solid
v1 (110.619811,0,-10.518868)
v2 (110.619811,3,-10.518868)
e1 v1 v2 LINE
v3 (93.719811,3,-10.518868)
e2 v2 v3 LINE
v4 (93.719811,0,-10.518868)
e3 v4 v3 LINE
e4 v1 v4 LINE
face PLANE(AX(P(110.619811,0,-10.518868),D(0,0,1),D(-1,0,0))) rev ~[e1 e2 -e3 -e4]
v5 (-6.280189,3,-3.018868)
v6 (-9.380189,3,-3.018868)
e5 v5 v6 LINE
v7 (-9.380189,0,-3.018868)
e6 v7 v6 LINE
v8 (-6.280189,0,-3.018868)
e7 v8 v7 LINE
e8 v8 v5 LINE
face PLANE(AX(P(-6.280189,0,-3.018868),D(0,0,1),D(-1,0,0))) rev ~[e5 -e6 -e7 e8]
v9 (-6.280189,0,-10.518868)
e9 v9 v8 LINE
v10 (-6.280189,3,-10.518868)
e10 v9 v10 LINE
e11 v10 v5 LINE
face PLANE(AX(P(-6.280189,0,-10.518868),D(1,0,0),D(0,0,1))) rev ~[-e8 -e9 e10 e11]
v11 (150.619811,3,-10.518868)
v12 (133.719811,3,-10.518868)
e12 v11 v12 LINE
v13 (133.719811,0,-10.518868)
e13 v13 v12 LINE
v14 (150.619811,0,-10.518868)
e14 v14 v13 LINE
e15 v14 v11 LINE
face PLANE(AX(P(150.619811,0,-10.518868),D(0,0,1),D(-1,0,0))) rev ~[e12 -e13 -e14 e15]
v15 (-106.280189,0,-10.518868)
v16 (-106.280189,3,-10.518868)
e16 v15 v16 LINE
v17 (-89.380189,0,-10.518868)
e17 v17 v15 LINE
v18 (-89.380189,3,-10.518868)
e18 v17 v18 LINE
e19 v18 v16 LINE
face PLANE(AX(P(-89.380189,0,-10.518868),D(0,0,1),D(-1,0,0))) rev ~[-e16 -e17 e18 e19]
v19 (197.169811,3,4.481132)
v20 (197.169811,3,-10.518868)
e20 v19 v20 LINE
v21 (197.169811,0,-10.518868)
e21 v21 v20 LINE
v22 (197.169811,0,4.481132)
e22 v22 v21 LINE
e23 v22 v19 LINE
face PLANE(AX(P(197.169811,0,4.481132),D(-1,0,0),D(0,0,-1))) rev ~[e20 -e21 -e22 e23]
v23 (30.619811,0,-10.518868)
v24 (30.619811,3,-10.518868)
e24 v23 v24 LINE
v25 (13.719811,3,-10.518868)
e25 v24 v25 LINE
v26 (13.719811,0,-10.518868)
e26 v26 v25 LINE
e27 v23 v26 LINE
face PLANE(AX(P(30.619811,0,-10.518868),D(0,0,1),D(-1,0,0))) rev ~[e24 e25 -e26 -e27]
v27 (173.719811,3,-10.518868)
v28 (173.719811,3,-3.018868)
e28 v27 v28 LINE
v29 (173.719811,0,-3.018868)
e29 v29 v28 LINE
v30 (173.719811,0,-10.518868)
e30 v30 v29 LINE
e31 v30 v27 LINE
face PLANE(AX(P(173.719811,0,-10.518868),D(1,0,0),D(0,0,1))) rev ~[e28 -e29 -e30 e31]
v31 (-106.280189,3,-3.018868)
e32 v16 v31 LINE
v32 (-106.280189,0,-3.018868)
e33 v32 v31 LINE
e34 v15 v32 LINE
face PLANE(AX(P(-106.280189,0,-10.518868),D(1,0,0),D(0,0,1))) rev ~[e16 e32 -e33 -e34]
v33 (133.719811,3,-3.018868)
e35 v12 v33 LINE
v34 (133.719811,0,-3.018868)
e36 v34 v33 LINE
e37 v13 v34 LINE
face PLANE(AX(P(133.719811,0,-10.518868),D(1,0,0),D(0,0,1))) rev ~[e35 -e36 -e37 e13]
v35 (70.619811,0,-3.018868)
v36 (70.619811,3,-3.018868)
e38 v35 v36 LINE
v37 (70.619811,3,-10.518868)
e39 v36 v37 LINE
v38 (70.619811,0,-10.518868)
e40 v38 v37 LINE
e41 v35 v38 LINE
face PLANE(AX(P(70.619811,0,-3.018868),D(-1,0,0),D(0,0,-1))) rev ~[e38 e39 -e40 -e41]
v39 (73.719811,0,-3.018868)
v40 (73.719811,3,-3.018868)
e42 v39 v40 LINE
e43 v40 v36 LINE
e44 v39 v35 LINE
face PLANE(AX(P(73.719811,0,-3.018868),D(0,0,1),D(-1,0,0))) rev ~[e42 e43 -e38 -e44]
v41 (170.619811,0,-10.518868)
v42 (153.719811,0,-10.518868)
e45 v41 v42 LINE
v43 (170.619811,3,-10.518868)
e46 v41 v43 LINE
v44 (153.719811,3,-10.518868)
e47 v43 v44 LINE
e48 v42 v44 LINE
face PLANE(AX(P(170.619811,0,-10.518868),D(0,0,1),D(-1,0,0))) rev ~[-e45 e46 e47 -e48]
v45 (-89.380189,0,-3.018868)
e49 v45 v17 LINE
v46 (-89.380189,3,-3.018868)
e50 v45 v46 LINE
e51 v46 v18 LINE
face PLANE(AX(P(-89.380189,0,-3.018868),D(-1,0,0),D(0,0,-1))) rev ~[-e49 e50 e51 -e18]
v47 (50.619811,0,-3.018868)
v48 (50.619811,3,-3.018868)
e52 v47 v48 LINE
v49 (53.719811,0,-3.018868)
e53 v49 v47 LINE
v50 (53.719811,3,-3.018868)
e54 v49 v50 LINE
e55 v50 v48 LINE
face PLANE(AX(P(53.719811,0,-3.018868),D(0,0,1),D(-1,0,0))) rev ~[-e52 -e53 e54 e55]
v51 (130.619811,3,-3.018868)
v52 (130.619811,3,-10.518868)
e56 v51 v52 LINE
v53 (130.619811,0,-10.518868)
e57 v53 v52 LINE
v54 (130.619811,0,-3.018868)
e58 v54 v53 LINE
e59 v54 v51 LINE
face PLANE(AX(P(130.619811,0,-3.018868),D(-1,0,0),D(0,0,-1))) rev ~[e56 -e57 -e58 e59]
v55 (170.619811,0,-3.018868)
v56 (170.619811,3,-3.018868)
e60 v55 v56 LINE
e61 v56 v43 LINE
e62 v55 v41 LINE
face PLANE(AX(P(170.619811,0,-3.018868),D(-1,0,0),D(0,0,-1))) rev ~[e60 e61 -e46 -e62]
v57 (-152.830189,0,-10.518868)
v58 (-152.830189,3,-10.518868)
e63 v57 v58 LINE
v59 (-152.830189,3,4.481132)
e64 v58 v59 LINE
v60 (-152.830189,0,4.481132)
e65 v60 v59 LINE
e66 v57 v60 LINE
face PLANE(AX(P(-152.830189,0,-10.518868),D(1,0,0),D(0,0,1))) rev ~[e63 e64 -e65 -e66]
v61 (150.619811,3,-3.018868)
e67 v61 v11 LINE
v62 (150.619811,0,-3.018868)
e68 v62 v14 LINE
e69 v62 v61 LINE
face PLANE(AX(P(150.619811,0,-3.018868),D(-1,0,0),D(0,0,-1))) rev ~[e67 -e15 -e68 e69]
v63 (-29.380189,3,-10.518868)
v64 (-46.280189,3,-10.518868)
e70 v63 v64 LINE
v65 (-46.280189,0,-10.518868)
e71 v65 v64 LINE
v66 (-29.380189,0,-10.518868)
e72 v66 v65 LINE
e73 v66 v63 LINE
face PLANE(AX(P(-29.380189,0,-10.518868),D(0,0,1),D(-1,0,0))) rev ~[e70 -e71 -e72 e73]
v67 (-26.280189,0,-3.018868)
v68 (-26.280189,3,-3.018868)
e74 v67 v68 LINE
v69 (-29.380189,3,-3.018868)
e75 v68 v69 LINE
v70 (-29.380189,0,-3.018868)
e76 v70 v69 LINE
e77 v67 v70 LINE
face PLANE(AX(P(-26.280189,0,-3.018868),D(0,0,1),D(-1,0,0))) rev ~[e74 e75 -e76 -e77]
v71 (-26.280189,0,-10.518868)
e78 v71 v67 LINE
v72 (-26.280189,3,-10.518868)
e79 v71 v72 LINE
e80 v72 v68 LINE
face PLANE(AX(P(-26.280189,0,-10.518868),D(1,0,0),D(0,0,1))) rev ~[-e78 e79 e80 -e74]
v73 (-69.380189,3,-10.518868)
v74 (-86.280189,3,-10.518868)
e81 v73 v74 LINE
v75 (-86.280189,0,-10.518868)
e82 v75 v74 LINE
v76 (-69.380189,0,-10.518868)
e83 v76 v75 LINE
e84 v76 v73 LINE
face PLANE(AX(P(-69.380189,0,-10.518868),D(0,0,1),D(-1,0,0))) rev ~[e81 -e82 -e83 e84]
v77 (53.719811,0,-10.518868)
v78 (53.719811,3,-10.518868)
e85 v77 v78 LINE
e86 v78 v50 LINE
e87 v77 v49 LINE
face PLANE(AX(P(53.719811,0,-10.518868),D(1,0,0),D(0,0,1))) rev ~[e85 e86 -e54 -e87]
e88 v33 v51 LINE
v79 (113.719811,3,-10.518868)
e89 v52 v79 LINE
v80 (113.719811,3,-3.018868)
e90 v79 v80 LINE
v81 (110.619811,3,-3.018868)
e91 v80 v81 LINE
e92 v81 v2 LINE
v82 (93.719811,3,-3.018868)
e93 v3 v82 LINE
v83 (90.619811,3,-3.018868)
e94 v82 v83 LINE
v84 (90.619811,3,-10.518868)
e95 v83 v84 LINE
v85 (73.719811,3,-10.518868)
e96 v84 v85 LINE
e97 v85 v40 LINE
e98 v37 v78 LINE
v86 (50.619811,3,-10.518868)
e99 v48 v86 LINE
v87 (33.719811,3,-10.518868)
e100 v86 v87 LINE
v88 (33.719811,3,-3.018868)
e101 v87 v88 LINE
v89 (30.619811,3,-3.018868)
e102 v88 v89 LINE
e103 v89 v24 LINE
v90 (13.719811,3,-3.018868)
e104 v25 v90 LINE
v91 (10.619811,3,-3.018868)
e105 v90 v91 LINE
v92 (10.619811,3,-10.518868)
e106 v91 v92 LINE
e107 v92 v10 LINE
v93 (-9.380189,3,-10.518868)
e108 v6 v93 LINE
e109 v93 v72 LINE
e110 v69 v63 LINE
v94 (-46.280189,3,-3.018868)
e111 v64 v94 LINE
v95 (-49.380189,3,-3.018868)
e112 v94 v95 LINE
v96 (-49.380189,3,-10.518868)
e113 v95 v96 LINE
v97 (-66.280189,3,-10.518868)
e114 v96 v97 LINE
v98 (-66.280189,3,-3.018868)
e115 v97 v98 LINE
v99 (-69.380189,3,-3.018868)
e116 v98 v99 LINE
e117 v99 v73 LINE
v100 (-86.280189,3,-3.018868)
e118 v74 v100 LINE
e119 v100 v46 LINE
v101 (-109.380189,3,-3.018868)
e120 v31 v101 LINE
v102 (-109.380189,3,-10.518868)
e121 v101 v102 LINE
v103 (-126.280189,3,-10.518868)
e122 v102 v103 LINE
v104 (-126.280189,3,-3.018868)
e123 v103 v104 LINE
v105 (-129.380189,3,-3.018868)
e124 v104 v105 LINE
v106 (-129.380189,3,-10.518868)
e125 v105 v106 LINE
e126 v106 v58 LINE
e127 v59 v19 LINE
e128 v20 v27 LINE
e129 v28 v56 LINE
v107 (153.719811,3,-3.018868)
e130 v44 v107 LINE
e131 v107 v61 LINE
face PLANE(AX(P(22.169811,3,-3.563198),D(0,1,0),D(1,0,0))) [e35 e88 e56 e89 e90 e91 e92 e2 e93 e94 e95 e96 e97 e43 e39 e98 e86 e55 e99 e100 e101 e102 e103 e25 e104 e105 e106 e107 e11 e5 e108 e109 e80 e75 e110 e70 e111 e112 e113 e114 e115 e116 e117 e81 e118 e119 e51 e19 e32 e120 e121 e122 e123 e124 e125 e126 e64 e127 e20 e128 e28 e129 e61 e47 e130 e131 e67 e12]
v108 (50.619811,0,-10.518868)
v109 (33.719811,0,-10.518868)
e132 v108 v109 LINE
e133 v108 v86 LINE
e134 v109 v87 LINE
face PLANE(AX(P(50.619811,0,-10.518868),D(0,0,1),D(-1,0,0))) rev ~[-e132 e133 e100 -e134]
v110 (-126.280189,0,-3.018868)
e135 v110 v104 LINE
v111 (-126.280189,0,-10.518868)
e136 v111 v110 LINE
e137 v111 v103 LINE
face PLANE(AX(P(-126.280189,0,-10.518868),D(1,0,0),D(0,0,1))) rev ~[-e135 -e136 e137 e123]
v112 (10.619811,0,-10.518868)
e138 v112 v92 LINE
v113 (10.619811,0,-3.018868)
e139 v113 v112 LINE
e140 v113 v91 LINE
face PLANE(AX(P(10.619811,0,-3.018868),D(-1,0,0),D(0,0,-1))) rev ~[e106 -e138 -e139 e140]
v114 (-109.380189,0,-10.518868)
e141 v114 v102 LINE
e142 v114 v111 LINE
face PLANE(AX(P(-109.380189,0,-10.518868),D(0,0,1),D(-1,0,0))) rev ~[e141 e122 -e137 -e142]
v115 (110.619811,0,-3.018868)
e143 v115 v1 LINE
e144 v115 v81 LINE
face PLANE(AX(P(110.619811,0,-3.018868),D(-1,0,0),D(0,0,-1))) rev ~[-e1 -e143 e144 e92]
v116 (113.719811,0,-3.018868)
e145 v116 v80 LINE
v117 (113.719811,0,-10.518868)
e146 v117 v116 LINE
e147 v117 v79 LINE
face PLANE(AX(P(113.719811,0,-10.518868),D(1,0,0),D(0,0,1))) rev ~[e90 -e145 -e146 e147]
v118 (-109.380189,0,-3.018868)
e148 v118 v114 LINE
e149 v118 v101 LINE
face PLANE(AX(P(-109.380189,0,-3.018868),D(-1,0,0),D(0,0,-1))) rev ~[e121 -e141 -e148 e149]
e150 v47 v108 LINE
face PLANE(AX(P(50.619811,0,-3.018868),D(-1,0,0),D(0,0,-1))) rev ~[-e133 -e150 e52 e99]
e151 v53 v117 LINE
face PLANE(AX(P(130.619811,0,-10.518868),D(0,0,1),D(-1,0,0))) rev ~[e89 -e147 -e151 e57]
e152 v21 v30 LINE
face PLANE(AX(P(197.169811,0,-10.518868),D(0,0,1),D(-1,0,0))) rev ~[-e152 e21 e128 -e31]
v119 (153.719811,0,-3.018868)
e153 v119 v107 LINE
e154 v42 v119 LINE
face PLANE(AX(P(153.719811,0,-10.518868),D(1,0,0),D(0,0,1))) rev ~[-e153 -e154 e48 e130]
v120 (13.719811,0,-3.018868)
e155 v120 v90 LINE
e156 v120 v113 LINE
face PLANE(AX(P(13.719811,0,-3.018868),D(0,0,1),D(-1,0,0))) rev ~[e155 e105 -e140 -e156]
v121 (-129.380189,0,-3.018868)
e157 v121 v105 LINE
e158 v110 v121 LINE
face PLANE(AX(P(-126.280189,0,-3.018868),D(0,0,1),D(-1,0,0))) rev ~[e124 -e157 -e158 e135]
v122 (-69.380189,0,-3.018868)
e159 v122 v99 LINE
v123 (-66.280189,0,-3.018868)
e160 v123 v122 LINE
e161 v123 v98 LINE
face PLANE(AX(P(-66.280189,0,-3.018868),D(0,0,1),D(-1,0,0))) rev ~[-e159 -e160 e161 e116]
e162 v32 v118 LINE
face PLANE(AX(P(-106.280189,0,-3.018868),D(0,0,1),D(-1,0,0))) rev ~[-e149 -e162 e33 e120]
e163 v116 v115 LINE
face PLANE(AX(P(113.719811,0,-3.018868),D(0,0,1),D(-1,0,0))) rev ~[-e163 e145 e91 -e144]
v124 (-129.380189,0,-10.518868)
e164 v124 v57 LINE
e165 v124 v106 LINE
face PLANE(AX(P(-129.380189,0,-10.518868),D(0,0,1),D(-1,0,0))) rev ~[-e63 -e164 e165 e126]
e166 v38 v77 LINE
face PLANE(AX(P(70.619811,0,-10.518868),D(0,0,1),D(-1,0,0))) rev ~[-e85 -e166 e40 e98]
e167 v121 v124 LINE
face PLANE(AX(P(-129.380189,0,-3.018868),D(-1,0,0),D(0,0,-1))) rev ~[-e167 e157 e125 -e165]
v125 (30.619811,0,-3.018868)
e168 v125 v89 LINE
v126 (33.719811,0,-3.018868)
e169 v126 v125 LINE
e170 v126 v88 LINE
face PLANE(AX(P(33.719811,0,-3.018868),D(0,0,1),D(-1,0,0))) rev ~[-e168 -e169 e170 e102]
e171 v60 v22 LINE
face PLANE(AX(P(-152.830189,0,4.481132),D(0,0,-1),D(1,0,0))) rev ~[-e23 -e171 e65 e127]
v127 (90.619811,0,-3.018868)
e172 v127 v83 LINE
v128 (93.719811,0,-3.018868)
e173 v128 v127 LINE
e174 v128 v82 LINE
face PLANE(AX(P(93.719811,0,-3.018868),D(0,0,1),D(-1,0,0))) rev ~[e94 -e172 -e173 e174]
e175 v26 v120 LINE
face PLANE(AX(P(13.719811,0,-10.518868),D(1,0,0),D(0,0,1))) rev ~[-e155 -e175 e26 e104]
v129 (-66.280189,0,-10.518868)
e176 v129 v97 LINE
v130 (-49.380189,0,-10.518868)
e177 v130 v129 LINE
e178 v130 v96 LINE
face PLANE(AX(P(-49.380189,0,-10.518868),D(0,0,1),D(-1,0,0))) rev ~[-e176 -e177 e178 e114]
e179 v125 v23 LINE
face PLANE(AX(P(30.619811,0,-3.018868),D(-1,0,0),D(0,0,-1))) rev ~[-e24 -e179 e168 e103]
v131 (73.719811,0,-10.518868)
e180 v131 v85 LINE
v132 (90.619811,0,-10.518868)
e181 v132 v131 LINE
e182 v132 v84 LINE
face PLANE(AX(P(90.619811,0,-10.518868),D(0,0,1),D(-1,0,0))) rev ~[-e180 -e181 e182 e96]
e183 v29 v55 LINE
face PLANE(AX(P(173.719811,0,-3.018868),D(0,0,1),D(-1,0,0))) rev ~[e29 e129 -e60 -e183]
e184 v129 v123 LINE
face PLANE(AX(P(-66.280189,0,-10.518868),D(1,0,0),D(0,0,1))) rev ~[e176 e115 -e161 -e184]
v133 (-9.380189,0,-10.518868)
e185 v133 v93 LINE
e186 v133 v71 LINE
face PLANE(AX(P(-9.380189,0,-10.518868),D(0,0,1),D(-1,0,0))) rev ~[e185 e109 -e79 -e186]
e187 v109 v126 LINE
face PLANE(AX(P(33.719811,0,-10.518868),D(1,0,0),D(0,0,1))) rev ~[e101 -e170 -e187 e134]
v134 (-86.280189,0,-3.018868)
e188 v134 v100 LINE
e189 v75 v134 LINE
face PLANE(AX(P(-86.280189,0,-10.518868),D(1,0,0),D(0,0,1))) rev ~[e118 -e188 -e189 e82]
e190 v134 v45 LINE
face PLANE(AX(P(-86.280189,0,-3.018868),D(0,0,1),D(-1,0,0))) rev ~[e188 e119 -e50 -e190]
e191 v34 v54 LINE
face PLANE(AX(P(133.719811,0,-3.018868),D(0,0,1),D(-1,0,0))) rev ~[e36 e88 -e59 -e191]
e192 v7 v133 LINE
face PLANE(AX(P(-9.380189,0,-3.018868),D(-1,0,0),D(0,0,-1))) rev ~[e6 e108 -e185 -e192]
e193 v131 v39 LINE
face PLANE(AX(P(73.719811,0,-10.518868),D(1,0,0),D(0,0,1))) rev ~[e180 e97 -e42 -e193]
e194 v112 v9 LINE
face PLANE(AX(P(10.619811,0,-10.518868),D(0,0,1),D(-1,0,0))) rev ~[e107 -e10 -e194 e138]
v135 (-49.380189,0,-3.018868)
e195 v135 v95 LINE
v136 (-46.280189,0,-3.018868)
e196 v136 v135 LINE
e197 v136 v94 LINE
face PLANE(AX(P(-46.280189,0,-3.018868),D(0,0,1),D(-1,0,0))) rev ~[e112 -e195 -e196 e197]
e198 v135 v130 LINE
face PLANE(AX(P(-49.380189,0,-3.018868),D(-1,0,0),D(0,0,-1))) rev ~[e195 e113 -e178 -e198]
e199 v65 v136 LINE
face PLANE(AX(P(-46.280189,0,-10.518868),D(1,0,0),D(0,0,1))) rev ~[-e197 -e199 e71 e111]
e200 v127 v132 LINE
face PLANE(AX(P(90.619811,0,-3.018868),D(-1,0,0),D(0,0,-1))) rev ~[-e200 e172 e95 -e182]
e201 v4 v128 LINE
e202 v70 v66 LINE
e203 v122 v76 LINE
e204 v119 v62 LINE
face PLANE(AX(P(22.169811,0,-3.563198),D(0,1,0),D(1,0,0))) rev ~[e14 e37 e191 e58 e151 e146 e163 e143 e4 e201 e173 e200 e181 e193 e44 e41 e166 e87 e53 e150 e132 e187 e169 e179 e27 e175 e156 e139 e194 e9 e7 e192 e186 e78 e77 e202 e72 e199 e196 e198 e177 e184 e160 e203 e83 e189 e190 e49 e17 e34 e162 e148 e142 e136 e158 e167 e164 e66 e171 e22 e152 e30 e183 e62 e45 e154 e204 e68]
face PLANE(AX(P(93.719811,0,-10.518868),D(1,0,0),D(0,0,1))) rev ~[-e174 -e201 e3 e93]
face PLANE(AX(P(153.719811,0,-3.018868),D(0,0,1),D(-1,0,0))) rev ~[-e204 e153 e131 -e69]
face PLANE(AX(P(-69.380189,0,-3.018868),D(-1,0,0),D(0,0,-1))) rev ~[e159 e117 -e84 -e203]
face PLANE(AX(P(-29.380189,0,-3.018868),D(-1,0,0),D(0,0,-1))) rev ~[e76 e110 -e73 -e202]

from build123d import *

# Parameters (mm, degrees)
AUFSATZ_LINEAR_AUSTRAGEN1_DEPTH = 3


with BuildPart() as part:
    # Skizze1 → Aufsatz-Linear austragen1 (new body)
    with BuildSketch(Plane(origin=(0, 0, 0), x_dir=(1, 0, 0), z_dir=(0, 1, 0))):
        Polygon((-109.380188679, 3.018867925), (-109.380188679, 10.518867925), (-126.280188679, 10.518867925), (-126.280188679, 3.018867925), (-129.380188679, 3.018867925), (-129.380188679, 10.518867925), (-152.830188679, 10.518867925), (-152.830188679, -4.481132075), (197.169811321, -4.481132075), (197.169811321, 10.518867925), (173.719811321, 10.518867925), (173.719811321, 3.018867925), (170.619811321, 3.018867925), (170.619811321, 10.518867925), (153.719811321, 10.518867925), (153.719811321, 3.018867925), (150.619811321, 3.018867925), (150.619811321, 10.518867925), (133.719811321, 10.518867925), (133.719811321, 3.018867925), (130.619811321, 3.018867925), (130.619811321, 10.518867925), (113.719811321, 10.518867925), (113.719811321, 3.018867925), (110.619811321, 3.018867925), (110.619811321, 10.518867925), (93.719811321, 10.518867925), (93.719811321, 3.018867925), (90.619811321, 3.018867925), (90.619811321, 10.518867925), (73.719811321, 10.518867925), (73.719811321, 3.018867925), (70.619811321, 3.018867925), (70.619811321, 10.518867925), (53.719811321, 10.518867925), (53.719811321, 3.018867925), (50.619811321, 3.018867925), (50.619811321, 10.518867925), (33.719811321, 10.518867925), (33.719811321, 3.018867925), (30.619811321, 3.018867925), (30.619811321, 10.518867925), (13.719811321, 10.518867925), (13.719811321, 3.018867925), (10.619811321, 3.018867925), (10.619811321, 10.518867925), (-6.280188679, 10.518867925), (-6.280188679, 3.018867925), (-9.380188679, 3.018867925), (-9.380188679, 10.518867925), (-26.280188679, 10.518867925), (-26.280188679, 3.018867925), (-29.380188679, 3.018867925), (-29.380188679, 10.518867925), (-46.280188679, 10.518867925), (-46.280188679, 3.018867925), (-49.380188679, 3.018867925), (-49.380188679, 10.518867925), (-66.280188679, 10.518867925), (-66.280188679, 3.018867925), (-69.380188679, 3.018867925), (-69.380188679, 10.518867925), (-86.280188679, 10.518867925), (-86.280188679, 3.018867925), (-89.380188679, 3.018867925), (-89.380188679, 10.518867925), (-106.280188679, 10.518867925), (-106.280188679, 3.018867925), align=None)
    extrude(amount=AUFSATZ_LINEAR_AUSTRAGEN1_DEPTH)


solid = part.part
